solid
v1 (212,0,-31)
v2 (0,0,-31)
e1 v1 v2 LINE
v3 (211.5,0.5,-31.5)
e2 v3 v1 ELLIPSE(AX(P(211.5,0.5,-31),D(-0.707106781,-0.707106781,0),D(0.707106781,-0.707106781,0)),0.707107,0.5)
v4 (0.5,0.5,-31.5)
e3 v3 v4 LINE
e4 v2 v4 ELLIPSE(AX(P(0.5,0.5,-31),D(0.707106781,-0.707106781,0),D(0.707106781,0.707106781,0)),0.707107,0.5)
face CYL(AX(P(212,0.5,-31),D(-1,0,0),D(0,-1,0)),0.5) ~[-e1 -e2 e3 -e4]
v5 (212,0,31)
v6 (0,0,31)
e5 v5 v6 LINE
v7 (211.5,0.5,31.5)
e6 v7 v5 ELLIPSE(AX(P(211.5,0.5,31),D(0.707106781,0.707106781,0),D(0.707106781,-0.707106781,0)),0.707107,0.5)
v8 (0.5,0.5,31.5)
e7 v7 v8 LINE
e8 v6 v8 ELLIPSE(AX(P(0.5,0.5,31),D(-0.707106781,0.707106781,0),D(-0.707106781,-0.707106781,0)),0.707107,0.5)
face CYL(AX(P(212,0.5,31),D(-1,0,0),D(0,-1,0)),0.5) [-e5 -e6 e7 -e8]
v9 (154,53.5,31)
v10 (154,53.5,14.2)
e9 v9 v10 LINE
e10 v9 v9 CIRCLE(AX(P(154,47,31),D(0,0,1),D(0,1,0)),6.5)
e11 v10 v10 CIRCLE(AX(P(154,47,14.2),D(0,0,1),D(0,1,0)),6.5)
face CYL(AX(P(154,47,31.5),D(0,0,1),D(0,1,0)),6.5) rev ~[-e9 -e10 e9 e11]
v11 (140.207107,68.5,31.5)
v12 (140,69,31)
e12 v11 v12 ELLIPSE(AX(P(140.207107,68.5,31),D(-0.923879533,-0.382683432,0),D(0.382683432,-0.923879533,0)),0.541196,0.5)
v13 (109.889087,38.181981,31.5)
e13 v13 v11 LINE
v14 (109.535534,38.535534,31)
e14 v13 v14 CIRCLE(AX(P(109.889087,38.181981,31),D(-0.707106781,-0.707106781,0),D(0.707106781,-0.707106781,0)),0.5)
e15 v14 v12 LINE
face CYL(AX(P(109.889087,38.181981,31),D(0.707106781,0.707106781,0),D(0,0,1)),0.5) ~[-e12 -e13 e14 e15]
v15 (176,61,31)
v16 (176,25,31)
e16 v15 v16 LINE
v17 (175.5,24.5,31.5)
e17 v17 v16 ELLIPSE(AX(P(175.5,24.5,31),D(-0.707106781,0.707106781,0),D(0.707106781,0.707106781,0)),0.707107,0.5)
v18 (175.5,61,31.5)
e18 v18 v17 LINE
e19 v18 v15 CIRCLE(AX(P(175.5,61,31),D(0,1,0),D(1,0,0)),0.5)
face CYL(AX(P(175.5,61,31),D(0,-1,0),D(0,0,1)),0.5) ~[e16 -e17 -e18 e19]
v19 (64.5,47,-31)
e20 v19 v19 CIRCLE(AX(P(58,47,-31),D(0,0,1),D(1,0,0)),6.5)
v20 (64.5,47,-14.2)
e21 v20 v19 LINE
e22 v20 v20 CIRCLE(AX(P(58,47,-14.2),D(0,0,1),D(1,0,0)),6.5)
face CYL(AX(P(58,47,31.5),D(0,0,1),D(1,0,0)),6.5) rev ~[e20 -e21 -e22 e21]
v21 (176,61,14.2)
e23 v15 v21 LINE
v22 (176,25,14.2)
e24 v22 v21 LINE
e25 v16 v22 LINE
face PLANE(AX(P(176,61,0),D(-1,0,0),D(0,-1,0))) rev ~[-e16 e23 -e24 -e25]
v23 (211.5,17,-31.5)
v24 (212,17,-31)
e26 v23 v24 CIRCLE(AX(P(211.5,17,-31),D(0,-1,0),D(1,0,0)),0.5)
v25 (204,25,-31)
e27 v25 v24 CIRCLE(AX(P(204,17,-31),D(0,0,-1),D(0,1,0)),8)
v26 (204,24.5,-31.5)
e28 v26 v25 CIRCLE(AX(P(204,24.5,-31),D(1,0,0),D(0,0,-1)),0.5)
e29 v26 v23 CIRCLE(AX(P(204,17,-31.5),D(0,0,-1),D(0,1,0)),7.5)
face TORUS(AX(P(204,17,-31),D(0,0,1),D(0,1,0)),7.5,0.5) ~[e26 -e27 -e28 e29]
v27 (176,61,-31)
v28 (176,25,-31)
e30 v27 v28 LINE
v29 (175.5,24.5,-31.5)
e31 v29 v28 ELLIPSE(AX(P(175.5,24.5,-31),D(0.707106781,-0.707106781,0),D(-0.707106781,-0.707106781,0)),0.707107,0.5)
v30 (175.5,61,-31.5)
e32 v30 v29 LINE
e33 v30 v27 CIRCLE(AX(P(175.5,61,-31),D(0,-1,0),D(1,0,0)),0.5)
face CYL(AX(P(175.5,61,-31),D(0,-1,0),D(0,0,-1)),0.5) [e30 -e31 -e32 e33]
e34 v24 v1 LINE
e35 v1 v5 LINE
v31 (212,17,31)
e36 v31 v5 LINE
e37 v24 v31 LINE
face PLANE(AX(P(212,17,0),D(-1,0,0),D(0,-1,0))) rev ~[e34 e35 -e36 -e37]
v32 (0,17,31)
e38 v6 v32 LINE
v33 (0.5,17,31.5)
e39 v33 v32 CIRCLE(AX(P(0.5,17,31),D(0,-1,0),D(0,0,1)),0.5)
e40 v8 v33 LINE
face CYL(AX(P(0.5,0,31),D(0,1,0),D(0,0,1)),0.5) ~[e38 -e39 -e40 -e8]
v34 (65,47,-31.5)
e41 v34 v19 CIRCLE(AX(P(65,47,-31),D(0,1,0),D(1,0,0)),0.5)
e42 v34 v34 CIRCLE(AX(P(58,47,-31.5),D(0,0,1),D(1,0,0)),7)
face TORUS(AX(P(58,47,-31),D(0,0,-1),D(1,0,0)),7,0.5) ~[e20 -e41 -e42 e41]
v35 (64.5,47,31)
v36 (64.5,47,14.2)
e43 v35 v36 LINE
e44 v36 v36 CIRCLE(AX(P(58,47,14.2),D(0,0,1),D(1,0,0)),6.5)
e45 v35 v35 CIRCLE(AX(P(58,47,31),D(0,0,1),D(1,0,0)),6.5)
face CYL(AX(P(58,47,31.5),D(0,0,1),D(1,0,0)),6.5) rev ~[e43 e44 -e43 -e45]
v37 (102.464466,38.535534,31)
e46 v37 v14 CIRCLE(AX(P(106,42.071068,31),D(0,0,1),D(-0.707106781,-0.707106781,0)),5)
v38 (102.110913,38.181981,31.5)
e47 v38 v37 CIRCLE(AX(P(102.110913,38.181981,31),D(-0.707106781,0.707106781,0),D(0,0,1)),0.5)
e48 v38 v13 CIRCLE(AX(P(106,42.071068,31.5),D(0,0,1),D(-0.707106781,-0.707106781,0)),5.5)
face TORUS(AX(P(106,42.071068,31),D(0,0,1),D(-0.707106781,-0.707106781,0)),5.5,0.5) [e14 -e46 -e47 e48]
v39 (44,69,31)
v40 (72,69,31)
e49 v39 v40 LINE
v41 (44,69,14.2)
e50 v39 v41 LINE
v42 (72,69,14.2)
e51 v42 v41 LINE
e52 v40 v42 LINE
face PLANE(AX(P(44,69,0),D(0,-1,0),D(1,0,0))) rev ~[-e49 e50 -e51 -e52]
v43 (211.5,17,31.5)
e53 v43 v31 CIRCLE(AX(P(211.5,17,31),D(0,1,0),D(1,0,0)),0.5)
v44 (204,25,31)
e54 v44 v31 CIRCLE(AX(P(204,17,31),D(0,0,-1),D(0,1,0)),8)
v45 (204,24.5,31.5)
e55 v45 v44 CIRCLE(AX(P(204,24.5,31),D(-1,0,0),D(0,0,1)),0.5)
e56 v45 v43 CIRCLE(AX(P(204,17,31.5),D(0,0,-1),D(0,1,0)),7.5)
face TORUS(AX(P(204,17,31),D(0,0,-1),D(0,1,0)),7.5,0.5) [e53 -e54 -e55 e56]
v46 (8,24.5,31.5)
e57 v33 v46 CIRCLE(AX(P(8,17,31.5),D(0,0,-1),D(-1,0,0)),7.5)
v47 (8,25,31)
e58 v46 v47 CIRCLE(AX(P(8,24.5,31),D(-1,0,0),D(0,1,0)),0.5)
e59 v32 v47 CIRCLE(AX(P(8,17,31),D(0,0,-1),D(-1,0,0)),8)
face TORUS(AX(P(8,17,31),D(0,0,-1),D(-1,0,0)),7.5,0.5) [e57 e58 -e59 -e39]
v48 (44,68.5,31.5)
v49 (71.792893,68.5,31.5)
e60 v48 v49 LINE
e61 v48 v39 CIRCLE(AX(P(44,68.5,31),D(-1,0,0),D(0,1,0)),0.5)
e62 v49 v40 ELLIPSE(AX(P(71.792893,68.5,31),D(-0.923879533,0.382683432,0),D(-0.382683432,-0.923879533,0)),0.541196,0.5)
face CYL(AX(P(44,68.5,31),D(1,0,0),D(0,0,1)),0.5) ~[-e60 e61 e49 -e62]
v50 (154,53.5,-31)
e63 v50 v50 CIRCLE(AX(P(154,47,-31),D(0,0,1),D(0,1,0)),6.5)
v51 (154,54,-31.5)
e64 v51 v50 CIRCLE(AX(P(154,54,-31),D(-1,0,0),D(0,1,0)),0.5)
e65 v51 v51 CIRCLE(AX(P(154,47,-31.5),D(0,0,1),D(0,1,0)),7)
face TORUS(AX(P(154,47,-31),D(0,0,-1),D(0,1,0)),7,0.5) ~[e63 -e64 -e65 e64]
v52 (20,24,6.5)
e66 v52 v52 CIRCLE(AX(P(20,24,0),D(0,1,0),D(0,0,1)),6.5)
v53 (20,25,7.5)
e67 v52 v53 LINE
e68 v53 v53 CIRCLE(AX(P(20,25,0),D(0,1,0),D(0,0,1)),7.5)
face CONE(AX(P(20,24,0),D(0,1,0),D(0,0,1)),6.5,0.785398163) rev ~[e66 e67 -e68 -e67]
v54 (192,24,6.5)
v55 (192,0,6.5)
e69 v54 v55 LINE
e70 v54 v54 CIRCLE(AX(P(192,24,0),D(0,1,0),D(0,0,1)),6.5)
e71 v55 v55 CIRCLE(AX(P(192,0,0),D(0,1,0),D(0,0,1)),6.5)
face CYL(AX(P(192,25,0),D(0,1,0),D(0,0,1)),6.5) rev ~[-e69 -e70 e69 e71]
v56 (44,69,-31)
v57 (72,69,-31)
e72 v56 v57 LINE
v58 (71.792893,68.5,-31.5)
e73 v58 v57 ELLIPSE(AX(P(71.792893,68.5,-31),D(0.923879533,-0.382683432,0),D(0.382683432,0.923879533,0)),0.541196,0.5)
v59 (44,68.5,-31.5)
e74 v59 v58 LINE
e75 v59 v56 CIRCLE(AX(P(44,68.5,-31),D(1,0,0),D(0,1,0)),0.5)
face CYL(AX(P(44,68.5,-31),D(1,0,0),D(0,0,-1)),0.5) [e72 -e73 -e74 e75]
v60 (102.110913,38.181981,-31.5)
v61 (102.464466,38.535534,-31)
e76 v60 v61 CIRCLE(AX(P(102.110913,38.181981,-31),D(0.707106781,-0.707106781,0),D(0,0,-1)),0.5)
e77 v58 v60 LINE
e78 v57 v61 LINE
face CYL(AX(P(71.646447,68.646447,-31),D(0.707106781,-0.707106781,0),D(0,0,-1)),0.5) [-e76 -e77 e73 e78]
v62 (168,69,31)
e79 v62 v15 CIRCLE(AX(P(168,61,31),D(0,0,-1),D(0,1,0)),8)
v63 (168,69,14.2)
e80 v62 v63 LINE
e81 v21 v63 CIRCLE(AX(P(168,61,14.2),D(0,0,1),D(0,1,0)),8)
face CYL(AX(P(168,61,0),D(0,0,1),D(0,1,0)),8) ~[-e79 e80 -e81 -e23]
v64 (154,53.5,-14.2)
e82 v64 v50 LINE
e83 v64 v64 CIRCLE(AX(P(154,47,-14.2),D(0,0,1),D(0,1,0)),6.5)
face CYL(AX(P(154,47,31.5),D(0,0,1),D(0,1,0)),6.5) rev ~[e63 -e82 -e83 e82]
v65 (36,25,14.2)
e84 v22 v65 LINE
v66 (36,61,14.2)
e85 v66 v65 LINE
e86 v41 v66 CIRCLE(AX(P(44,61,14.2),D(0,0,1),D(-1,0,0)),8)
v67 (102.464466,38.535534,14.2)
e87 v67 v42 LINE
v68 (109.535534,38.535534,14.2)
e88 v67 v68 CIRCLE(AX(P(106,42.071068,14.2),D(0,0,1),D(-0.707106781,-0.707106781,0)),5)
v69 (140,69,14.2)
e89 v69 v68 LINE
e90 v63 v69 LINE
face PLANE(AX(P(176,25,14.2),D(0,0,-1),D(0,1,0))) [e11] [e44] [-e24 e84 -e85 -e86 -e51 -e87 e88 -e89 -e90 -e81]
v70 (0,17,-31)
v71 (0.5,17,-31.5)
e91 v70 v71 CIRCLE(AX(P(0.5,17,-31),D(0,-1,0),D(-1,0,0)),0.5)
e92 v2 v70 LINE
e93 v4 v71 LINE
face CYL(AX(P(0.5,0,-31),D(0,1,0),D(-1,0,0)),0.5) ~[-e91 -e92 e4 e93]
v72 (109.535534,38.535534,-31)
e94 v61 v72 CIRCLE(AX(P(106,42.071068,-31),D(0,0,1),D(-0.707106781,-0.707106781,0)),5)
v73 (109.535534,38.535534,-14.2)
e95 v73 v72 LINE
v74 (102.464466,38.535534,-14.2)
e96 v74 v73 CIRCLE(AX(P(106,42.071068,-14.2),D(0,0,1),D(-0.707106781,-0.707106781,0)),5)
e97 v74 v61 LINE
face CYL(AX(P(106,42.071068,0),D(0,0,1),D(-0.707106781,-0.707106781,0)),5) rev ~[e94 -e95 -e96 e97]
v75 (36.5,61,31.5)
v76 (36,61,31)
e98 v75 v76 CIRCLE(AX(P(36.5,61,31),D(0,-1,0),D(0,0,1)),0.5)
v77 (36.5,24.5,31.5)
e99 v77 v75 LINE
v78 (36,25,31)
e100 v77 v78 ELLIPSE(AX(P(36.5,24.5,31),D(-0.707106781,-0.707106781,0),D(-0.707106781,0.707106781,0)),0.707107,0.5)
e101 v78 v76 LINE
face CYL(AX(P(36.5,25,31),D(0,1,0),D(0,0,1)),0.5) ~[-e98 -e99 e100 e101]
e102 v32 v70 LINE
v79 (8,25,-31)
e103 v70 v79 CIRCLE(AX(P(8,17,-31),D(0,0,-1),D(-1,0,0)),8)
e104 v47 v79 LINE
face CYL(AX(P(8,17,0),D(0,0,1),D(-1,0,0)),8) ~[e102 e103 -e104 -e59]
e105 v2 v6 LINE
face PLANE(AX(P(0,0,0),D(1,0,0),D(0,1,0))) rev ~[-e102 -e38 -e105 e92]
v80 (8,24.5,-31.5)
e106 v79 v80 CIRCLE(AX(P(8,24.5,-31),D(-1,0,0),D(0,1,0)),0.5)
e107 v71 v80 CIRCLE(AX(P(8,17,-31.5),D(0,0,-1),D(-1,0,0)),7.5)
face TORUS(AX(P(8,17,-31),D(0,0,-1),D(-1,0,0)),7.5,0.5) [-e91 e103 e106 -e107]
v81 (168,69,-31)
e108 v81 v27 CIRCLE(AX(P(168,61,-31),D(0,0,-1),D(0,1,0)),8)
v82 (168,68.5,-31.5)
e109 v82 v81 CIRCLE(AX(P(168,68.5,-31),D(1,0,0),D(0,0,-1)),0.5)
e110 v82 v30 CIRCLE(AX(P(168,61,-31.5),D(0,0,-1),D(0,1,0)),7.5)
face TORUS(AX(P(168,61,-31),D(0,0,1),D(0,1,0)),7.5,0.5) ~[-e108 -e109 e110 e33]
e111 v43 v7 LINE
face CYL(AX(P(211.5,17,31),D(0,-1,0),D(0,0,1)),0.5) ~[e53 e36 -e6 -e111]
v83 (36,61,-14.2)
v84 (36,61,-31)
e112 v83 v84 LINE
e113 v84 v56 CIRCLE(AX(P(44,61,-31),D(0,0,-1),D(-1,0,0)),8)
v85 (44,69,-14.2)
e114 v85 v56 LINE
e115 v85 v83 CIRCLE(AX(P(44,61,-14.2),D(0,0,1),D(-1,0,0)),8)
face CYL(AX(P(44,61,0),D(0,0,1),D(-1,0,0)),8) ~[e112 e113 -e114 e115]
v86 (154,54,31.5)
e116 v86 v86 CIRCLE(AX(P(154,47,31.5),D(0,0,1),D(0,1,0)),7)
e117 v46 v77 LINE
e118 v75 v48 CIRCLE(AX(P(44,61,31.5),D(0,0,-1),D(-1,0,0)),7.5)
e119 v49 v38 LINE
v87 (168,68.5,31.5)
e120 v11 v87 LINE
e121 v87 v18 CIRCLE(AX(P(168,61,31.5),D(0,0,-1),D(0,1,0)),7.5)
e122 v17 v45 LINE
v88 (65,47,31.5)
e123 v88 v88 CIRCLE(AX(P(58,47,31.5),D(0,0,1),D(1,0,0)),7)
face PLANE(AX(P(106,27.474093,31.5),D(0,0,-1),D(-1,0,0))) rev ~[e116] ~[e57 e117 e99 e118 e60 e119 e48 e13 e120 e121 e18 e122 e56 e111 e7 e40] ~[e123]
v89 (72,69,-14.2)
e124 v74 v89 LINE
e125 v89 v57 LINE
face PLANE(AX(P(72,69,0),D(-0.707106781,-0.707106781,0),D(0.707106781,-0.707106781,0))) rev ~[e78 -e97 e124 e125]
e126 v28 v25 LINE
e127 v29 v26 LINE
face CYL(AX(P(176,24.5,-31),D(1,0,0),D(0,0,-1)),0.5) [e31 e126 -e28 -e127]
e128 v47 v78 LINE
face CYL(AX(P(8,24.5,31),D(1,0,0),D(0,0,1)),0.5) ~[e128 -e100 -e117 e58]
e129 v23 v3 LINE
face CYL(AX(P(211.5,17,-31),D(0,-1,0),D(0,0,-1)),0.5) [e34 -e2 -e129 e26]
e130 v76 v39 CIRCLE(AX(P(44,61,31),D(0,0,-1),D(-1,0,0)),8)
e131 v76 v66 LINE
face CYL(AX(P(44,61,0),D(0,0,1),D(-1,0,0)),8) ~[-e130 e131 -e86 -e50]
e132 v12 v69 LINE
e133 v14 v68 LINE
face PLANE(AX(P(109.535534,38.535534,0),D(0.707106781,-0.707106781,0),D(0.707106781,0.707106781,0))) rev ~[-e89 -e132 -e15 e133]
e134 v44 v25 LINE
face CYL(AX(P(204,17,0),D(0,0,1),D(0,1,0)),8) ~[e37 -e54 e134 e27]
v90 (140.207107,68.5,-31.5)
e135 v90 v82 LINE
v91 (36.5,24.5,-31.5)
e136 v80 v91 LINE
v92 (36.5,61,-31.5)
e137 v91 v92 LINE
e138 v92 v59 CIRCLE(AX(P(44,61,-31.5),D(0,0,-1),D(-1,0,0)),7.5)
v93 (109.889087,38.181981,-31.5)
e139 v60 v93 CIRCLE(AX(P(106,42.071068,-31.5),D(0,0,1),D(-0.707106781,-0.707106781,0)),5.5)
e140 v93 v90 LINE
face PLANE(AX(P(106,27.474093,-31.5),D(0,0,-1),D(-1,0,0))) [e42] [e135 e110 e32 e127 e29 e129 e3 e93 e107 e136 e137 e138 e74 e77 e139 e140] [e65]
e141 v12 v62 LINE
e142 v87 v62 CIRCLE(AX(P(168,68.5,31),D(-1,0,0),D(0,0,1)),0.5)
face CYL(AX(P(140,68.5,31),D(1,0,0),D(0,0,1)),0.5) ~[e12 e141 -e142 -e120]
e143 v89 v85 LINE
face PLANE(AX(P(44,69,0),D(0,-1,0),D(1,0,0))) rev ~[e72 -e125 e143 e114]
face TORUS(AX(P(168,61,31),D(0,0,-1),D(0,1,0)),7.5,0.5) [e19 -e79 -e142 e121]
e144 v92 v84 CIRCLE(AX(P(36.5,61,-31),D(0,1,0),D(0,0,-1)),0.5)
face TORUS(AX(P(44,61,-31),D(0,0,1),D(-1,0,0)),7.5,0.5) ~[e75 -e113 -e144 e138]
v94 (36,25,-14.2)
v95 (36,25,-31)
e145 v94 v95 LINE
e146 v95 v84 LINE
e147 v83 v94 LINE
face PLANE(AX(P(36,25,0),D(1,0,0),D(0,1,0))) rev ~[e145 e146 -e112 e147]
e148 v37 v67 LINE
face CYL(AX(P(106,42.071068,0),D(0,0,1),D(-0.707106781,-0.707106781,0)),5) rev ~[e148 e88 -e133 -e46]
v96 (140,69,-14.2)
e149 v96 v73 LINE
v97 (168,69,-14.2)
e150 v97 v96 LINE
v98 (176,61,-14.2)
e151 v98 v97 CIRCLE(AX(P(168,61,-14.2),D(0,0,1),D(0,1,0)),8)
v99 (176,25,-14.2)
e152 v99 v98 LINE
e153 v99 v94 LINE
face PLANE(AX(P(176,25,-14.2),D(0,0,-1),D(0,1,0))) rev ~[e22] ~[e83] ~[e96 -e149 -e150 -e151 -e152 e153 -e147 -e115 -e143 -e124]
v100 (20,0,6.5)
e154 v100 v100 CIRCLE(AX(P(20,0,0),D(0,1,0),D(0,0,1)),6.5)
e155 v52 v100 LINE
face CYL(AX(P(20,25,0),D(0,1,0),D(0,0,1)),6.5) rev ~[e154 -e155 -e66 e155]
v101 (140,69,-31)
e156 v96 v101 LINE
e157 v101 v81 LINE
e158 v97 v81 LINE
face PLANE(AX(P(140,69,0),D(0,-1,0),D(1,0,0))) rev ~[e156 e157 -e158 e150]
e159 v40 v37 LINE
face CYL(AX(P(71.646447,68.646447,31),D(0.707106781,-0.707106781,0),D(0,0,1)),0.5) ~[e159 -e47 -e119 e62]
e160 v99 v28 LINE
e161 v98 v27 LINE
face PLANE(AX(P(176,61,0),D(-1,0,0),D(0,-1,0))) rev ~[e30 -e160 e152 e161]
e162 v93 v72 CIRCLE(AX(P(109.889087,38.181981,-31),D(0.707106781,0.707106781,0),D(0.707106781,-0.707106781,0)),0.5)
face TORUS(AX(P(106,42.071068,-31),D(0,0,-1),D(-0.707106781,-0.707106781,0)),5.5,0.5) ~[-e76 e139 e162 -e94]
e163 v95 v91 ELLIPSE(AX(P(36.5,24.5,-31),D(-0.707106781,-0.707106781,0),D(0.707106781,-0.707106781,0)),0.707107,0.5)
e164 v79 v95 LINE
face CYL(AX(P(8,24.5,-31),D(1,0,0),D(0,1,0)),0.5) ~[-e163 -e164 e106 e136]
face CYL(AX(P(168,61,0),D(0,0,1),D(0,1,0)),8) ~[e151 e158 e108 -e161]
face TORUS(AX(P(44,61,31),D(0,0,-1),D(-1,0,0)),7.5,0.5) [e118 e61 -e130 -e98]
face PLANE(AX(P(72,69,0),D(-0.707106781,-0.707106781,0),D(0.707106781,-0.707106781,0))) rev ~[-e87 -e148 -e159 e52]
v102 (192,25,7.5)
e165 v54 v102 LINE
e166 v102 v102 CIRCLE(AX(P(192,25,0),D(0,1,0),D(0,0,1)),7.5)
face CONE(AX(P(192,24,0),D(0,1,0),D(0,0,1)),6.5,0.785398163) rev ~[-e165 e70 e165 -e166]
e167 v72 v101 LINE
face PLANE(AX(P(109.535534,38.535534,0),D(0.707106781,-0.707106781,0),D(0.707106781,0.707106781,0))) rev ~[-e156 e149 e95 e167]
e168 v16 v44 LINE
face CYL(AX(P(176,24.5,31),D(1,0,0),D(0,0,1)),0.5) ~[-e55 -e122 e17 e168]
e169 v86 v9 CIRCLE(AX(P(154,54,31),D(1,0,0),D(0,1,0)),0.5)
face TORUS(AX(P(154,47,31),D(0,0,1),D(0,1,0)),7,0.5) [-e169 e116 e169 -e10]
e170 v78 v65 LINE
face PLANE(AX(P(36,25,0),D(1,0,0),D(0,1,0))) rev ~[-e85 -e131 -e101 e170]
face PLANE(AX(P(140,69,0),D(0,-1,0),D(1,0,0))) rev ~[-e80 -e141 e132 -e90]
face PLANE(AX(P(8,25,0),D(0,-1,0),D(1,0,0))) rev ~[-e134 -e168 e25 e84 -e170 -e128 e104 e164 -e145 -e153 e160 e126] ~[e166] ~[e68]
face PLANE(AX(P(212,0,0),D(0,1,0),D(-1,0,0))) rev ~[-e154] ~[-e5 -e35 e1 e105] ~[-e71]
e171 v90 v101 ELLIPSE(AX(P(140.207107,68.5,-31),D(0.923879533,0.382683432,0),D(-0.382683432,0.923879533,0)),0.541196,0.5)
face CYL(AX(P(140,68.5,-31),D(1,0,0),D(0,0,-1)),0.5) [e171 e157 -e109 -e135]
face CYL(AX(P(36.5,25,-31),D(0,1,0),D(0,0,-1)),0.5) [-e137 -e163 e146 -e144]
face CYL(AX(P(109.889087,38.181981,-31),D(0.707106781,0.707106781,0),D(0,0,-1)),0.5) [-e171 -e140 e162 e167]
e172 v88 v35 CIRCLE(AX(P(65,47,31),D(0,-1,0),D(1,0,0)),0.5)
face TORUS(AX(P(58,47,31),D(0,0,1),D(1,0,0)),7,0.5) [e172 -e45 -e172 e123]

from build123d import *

# Parameters (mm, degrees)
BOSS_EXTRUDE1_DEPTH = 31.5
CUT_EXTRUDE1_REACH  = 193.649
SKETCH2_W           = 28.4
SKETCH2_H           = 44
SKETCH3_R           = 6.5
CUT_EXTRUDE2_DEPTH  = 232.676498592
SKETCH4_R           = 6.5
CUT_EXTRUDE3_DEPTH  = 219.797280605
FILLET1_R           = 0.5
CHAMFER1_SIZE       = 1


with BuildPart() as part:
    # Sketch1 → Boss-Extrude1 (new, symmetric)
    with BuildSketch(Plane.XY):
        with BuildLine():
            Line((0, 0), (0, 17))
            ThreePointArc((0, 17), (2.343145751, 22.656854249), (8, 25))
            Line((8, 25), (36, 25))
            Line((36, 25), (36, 61))
            ThreePointArc((36, 61), (38.343145751, 66.656854249), (44, 69))
            Line((44, 69), (72, 69))
            Line((72, 69), (102.464466094, 38.535533906))
            ThreePointArc((102.464466094, 38.535533906), (106, 37.071067812), (109.535533906, 38.535533906))
            Line((109.535533906, 38.535533906), (140, 69))
            Line((140, 69), (168, 69))
            ThreePointArc((168, 69), (173.656854249, 66.656854249), (176, 61))
            Line((176, 61), (176, 25))
            Line((176, 25), (204, 25))
            ThreePointArc((204, 25), (209.656854249, 22.656854249), (212, 17))
            Line((212, 17), (212, 0))
            Line((212, 0), (0, 0))
        make_face()
    extrude(amount=BOSS_EXTRUDE1_DEPTH, both=True)

    # Sketch2 → Cut-Extrude1 (cut, up to next)
    with BuildSketch(Plane(origin=(176, 0, 0), x_dir=(0, 0, -1), z_dir=(1, 0, 0)), mode=Mode.PRIVATE) as cut_extrude1_sk1:
        with Locations((0, 47)):
            Rectangle(SKETCH2_W, SKETCH2_H)
    cut_extrude1_tool1 = extrude(cut_extrude1_sk1.sketch, amount=-CUT_EXTRUDE1_REACH, mode=Mode.PRIVATE) & part.part
    add(cut_extrude1_tool1.solids().sort_by_distance((176, 47, 0))[0], mode=Mode.SUBTRACT)

    # Sketch3 → Cut-Extrude2 (cut, through all)
    with BuildSketch(Plane.XY.offset(31.5)):
        with Locations((58, 47)):
            Circle(SKETCH3_R)
        with Locations(Location((154, 47, 0), (0, 0, 90))):
            Circle(SKETCH3_R)
    extrude(amount=-CUT_EXTRUDE2_DEPTH, mode=Mode.SUBTRACT)

    # Sketch4 → Cut-Extrude3 (cut, through all)
    with BuildSketch(Plane(origin=(0, 25, 0), x_dir=(1, 0, 0), z_dir=(0, 1, 0))):
        with Locations(Location((20, 0, 0), (0, 0, 270))):
            Circle(SKETCH4_R)
        with Locations(Location((192, 0, 0), (0, 0, 270))):
            Circle(SKETCH4_R)
    extrude(amount=-CUT_EXTRUDE3_DEPTH, mode=Mode.SUBTRACT)

    # Fillet1
    fillet1_edges = [part.edges().sort_by_distance(p)[0] for p in [
        (209.656854249, 22.656854249, 31.5),
        (0, 8.5, -31.5),
        (2.343145751, 22.656854249, -31.5),
        (22, 25, -31.5),
        (190, 25, 31.5),
        (36, 43, -31.5),
        (38.343145751, 66.656854249, -31.5),
        (58, 69, -31.5),
        (87.232233047, 53.767766953, -31.5),
        (106, 37.071067812, -31.5),
        (124.767766953, 53.767766953, -31.5),
        (154, 69, -31.5),
        (173.656854249, 66.656854249, -31.5),
        (176, 43, -31.5),
        (190, 25, -31.5),
        (176, 43, 31.5),
        (209.656854249, 22.656854249, -31.5),
        (212, 8.5, -31.5),
        (106, 0, -31.5),
        (173.656854249, 66.656854249, 31.5),
        (154, 69, 31.5),
        (124.767766953, 53.767766953, 31.5),
        (106, 37.071067812, 31.5),
        (87.232233047, 53.767766953, 31.5),
        (58, 69, 31.5),
        (38.343145751, 66.656854249, 31.5),
        (106, 0, 31.5),
        (36, 43, 31.5),
        (22, 25, 31.5),
        (2.343145751, 22.656854249, 31.5),
        (0, 8.5, 31.5),
        (51.5, 47, -31.5),
        (51.5, 47, 31.5),
        (154, 40.5, -31.5),
        (154, 40.5, 31.5),
        (212, 8.5, 31.5),
    ]]
    fillet(fillet1_edges, radius=FILLET1_R)

    # Chamfer1
    chamfer1_edges = [part.edges().sort_by_distance(p)[0] for p in [
        (20, 25, -6.5),
        (192, 25, -6.5),
    ]]
    chamfer(chamfer1_edges, length=CHAMFER1_SIZE)


solid = part.part
